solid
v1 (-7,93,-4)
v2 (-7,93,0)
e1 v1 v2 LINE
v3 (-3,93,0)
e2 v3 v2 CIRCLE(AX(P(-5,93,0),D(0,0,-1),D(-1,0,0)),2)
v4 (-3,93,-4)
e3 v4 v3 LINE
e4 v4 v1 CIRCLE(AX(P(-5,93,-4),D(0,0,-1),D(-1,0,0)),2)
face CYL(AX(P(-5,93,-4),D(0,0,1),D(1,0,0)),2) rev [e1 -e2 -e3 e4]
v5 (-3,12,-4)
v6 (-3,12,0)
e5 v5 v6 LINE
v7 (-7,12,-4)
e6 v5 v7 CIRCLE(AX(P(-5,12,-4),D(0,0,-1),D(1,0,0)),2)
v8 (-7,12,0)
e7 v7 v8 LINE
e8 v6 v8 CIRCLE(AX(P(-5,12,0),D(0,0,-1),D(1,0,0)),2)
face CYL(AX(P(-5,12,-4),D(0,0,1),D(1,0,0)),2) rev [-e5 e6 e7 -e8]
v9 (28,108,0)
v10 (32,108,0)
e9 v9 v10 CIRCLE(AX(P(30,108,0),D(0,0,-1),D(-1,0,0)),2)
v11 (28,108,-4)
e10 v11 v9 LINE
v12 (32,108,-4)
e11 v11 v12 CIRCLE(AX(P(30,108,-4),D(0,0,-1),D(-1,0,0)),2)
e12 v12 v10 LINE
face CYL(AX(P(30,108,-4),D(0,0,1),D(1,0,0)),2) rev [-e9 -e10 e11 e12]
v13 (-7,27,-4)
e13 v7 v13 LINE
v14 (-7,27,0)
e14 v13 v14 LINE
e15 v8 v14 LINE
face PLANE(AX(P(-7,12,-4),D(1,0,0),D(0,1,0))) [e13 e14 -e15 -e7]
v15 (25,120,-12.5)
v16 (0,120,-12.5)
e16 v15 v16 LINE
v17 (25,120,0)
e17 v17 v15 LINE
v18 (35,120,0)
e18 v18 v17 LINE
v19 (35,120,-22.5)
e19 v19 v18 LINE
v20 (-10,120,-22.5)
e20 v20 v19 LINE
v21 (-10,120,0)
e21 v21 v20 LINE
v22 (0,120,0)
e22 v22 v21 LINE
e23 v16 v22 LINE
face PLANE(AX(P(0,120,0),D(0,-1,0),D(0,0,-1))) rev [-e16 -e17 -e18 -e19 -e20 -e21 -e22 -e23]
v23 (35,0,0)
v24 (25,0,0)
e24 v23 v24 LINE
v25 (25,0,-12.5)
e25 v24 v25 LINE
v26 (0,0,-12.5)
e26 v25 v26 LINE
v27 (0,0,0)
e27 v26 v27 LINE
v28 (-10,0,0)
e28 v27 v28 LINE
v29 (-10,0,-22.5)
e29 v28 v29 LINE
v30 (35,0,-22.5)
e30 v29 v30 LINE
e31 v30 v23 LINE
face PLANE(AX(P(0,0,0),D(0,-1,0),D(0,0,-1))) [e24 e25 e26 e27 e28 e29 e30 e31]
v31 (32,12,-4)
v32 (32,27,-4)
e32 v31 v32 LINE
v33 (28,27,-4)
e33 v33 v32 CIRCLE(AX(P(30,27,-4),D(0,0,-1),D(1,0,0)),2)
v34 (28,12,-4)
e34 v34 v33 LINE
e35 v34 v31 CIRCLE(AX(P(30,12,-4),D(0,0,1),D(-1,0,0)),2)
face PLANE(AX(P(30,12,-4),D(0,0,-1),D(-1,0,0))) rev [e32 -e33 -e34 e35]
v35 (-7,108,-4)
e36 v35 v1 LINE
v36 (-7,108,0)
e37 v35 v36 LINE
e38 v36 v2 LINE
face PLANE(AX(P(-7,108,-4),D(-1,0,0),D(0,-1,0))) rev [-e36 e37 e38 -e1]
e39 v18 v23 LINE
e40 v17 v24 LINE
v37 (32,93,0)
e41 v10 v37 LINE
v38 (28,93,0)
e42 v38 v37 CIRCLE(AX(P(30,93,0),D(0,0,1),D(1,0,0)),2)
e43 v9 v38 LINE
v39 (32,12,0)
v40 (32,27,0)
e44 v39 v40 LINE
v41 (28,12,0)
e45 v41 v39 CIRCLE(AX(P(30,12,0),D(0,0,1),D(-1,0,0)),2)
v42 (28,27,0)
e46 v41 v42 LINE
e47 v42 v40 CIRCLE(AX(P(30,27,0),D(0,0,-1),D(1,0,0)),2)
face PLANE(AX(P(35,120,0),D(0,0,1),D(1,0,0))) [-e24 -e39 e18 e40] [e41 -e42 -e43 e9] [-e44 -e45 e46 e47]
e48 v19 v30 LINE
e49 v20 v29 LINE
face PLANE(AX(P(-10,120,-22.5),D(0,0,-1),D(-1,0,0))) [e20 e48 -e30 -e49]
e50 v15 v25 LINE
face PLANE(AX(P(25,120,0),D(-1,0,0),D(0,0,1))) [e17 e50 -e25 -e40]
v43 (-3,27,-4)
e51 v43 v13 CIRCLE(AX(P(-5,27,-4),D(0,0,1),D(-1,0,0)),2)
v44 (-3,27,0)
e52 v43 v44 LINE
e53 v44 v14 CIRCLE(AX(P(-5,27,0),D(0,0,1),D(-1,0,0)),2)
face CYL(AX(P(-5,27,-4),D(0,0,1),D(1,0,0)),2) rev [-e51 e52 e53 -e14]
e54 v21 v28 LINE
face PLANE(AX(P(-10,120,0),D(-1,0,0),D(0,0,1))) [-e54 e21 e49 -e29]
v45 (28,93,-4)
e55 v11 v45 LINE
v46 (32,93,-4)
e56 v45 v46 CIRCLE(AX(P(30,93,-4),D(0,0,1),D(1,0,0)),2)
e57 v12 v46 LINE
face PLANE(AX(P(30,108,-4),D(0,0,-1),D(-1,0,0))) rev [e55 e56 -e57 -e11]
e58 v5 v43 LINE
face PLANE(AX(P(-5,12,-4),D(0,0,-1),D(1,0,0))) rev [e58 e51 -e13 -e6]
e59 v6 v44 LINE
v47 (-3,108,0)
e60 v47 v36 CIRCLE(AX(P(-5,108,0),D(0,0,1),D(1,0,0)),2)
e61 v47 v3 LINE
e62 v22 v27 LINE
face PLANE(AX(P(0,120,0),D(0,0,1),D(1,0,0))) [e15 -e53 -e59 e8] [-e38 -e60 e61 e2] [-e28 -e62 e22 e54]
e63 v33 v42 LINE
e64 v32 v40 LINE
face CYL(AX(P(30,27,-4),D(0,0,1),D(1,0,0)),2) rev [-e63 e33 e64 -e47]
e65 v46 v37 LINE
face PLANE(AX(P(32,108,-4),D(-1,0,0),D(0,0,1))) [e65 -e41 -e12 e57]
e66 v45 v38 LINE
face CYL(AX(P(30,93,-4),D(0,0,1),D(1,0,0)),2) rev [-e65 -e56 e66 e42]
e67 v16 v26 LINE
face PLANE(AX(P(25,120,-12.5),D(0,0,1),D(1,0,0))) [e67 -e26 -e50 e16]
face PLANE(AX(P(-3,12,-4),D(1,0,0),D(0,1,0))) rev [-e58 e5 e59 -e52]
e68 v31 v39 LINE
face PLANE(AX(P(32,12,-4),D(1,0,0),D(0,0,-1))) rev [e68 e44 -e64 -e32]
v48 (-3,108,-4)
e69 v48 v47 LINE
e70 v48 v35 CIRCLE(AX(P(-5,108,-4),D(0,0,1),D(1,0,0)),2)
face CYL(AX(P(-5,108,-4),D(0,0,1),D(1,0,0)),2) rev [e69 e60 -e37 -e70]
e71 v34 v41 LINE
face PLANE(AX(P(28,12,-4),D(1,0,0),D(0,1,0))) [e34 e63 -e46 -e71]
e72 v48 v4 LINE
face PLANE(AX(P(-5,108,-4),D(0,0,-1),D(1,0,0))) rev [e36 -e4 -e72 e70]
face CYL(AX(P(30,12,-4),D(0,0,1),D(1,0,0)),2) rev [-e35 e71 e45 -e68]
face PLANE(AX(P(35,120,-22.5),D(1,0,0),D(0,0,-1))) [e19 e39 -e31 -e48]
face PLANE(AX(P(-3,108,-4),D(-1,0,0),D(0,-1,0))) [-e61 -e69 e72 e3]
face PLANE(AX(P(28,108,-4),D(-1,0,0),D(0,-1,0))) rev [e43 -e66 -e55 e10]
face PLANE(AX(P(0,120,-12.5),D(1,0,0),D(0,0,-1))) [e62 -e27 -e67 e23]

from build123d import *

# Parameters (mm, degrees)
BOSS_EXTRUDE1_DEPTH  = 120
CUT_EXTRUDE1_DEPTH   = 4
MIRROR2_COPY_1_DEPTH = 4


with BuildPart() as part:
    # Sketch2 → Boss-Extrude1 (new body)
    with BuildSketch(Plane(origin=(0, 0, 0), x_dir=(1, 0, 0), z_dir=(0, 1, 0))):
        Polygon((0, 0), (-10, 0), (-10, 22.5), (35, 22.5), (35, 0), (25, 0), (25, 12.5), (0, 12.5), align=None)
    extrude(amount=BOSS_EXTRUDE1_DEPTH)

    # Sketch3 → Cut-Extrude1 (cut)
    with BuildSketch(Plane.XY):
        with BuildLine():
            Line((28, 108), (28, 93))
            ThreePointArc((28, 93), (30, 91), (32, 93))
            Line((32, 93), (32, 108))
            ThreePointArc((32, 108), (30, 110), (28, 108))
        make_face()
    cut_extrude1 = extrude(amount=-CUT_EXTRUDE1_DEPTH, mode=Mode.SUBTRACT)

    # Mirror1: Cut-Extrude1 across plane
    add(cut_extrude1.mirror(Plane.ZY.offset(-12.5)), mode=Mode.SUBTRACT)

    # Mirror2: Cut-Extrude1 across plane
    add(cut_extrude1.mirror(Plane(origin=(0, 60, 0), x_dir=(0, 0, 1), z_dir=(0, -1, 0))), mode=Mode.SUBTRACT)

    # Mirror2 copy 1 sketch → Mirror2 copy 1 (cut)
    with BuildSketch(Plane(origin=(25, 120, 0), x_dir=(-1, 0, 0), z_dir=(0, 0, 1))):
        with BuildLine():
            Line((28, 108), (28, 93))
            ThreePointArc((28, 93), (30, 91), (32, 93))
            Line((32, 93), (32, 108))
            ThreePointArc((32, 108), (30, 110), (28, 108))
        make_face()
    extrude(amount=-MIRROR2_COPY_1_DEPTH, mode=Mode.SUBTRACT)


solid = part.part
